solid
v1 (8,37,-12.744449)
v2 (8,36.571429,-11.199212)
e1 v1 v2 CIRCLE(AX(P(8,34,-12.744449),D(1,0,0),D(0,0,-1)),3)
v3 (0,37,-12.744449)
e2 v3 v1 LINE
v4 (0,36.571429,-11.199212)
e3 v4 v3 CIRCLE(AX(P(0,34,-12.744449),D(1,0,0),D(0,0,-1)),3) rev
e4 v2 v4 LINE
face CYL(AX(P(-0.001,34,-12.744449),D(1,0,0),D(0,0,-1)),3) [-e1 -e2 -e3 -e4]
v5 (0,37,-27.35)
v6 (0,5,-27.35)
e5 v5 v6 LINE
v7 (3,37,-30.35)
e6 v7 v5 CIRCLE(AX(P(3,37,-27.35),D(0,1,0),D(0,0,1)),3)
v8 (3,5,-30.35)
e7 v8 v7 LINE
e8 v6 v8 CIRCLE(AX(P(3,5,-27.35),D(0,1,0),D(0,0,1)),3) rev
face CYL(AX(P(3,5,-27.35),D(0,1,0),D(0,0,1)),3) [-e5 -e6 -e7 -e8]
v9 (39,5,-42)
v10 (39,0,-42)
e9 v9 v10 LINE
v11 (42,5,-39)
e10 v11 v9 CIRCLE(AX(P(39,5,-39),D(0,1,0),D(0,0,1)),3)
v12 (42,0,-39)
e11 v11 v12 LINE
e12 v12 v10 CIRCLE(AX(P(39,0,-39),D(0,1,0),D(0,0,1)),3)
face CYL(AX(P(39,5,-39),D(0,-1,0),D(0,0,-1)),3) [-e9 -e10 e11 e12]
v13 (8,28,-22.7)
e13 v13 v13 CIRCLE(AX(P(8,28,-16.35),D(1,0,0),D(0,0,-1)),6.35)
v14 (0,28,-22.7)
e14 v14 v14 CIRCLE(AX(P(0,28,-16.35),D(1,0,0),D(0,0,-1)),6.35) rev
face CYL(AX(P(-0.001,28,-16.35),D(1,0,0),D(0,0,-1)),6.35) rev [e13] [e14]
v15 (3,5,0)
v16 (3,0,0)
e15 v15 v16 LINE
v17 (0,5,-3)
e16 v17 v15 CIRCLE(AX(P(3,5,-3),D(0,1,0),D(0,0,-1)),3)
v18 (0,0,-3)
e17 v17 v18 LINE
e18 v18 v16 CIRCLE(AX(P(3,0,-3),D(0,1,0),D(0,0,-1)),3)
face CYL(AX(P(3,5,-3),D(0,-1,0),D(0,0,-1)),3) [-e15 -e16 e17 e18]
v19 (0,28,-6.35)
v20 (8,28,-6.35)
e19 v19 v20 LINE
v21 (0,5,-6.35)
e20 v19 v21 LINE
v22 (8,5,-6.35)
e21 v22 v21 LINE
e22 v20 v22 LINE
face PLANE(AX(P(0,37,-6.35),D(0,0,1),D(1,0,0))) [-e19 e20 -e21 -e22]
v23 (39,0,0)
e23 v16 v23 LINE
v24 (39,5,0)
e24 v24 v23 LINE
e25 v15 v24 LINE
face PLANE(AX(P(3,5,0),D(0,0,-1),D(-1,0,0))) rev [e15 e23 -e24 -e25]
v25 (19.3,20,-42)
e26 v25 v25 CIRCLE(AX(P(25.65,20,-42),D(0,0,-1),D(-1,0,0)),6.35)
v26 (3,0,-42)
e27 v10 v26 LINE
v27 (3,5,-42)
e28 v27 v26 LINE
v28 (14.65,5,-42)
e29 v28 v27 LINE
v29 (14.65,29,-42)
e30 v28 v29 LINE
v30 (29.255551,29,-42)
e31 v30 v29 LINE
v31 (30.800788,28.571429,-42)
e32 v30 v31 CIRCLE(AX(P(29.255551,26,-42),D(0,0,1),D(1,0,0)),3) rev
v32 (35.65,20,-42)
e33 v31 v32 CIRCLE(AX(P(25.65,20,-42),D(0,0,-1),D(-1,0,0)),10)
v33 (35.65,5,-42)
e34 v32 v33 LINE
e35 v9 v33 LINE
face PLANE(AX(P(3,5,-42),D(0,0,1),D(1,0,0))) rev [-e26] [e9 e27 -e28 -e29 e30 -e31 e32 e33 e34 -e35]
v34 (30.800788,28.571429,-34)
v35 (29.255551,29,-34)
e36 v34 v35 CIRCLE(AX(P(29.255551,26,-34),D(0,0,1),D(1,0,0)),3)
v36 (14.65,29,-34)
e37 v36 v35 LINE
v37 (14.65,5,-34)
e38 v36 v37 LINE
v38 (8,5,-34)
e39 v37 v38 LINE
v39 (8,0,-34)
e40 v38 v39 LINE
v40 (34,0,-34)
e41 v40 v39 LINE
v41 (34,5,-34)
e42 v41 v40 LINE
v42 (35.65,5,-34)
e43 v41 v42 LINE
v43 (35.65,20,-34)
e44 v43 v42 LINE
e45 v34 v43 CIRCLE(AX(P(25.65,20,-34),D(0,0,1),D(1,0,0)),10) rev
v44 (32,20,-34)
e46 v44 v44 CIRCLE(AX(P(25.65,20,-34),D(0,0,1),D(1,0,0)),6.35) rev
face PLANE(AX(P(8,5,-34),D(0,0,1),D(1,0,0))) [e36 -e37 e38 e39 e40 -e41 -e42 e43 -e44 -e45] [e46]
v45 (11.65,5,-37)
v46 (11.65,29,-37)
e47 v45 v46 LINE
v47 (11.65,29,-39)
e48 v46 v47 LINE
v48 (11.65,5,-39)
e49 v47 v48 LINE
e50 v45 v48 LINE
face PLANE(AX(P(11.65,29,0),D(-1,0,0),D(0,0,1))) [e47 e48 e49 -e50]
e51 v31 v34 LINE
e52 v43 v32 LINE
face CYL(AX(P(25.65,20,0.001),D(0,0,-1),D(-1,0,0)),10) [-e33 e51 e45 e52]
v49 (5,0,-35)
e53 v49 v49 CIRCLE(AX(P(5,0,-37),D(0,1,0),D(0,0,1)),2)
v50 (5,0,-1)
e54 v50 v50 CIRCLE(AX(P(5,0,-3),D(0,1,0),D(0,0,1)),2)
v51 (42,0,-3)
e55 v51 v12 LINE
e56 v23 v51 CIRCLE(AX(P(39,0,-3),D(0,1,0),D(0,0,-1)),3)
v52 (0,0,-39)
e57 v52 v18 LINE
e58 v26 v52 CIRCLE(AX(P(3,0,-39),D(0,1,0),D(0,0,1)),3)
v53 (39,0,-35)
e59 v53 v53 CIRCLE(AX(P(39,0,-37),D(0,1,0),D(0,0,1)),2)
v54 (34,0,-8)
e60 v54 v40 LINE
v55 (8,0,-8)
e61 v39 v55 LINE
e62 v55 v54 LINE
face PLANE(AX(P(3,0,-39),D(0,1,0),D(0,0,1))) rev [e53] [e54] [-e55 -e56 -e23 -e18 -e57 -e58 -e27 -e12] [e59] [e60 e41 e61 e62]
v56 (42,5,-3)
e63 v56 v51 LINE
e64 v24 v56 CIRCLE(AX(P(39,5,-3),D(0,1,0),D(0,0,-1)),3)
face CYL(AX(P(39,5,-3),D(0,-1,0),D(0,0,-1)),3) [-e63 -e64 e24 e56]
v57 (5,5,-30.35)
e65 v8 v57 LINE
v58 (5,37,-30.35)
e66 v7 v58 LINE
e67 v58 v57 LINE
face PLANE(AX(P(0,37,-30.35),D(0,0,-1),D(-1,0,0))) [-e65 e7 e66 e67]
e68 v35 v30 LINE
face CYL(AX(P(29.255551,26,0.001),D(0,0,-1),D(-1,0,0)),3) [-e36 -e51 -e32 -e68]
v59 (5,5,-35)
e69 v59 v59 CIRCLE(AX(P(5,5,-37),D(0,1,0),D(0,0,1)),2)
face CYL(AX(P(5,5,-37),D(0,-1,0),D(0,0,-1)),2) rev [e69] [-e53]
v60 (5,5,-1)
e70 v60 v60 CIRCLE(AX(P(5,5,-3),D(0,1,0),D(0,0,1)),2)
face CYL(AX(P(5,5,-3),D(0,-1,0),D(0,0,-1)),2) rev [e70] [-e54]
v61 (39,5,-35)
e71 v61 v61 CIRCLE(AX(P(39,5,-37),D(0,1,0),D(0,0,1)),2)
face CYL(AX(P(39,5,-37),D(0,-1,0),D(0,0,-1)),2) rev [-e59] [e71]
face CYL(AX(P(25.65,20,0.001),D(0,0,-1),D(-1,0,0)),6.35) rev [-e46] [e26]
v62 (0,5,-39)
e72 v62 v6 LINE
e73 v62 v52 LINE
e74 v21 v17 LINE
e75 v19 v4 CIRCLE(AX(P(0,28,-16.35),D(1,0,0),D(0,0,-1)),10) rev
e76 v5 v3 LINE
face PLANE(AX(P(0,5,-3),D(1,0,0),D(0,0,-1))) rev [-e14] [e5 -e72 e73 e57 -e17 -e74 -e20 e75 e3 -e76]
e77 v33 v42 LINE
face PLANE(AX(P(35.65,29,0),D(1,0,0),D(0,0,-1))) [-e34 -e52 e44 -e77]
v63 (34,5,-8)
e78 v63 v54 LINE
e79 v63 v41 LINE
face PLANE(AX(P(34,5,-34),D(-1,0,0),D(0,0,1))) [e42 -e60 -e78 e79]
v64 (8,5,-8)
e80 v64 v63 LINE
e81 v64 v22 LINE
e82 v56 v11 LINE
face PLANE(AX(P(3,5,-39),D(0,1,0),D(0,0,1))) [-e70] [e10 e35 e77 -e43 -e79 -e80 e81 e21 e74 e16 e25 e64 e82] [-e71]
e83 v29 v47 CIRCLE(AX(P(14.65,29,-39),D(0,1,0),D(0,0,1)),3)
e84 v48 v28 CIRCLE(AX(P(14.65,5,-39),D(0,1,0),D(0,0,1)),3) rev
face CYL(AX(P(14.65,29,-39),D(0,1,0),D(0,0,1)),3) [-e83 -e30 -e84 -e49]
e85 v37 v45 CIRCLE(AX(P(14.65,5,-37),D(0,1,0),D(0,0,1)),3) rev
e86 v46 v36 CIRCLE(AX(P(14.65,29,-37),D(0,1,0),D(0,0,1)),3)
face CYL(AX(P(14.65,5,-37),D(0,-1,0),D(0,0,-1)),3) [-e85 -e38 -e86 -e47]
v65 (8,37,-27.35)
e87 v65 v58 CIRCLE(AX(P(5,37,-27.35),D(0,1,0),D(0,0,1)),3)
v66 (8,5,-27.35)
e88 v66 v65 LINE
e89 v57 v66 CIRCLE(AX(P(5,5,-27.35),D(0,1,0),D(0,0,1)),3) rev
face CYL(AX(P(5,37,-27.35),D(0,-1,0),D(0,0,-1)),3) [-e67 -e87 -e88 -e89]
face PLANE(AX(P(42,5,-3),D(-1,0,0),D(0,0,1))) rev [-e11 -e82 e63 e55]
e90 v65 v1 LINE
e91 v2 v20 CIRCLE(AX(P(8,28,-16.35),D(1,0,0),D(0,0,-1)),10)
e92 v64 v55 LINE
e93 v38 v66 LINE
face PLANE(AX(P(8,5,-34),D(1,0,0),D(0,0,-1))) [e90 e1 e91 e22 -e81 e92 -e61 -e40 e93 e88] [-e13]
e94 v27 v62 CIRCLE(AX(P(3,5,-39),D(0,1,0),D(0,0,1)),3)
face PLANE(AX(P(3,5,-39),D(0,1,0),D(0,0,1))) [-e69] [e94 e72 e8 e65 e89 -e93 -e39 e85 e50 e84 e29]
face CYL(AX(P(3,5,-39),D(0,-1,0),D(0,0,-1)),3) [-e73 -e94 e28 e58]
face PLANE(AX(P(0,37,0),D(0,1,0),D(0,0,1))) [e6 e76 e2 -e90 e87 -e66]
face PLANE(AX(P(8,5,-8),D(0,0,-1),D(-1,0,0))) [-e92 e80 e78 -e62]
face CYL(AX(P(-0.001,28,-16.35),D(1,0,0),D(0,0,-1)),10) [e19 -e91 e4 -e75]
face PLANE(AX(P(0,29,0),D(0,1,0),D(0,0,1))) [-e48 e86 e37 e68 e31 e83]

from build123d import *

# Parameters (mm, degrees)
SKETCH_1_R          = 2
SKETCH_1_W          = 26
SKETCH_1_H          = 26
EXTRUDE_1_DEPTH     = 5
EXTRUDE_2_DEPTH     = 24
EXTRUDE_3_DEPTH     = 32
CUT_EXTRUDE_1_REACH = 71.979
SKETCH_3_R          = 6.35
CUT_EXTRUDE_2_REACH = 67.49
SKETCH_4_R          = 6.35
FILLET_2_R          = 3


with BuildPart() as part:
    # 草图1 → 凸台-拉伸1 (new body)
    with BuildSketch(Plane(origin=(0, 0, 0), x_dir=(1, 0, 0), z_dir=(0, 1, 0))):
        with BuildLine():
            Line((3, 0), (39, 0))
            ThreePointArc((39, 0), (41.121320344, 0.878679656), (42, 3))
            Line((42, 3), (42, 39))
            ThreePointArc((42, 39), (41.121320344, 41.121320344), (39, 42))
            Line((39, 42), (3, 42))
            ThreePointArc((3, 42), (0.878679656, 41.121320344), (0, 39))
            Line((0, 39), (0, 3))
            ThreePointArc((0, 3), (0.878679656, 0.878679656), (3, 0))
        make_face()
        with Locations((5, 37)):
            Circle(SKETCH_1_R, mode=Mode.SUBTRACT)
        with Locations((39, 37)):
            Circle(SKETCH_1_R, mode=Mode.SUBTRACT)
        with Locations((5, 3)):
            Circle(SKETCH_1_R, mode=Mode.SUBTRACT)
        with Locations((21, 21)):
            Rectangle(SKETCH_1_W, SKETCH_1_H, mode=Mode.SUBTRACT)
    extrude(amount=EXTRUDE_1_DEPTH)

    # 草图2 → 凸台-拉伸2 (add)
    with BuildSketch(Plane(origin=(0, 5, 0), x_dir=(1, 0, 0), z_dir=(0, 1, 0))):
        Polygon((35.65, 34), (35.65, 42), (11.65, 42), (11.65, 34), (34, 34), align=None)
    extrude(amount=EXTRUDE_2_DEPTH)

    # 草图2<3> → 凸台-拉伸3 (add)
    with BuildSketch(Plane(origin=(0, 5, 0), x_dir=(1, 0, 0), z_dir=(0, 1, 0))):
        Polygon((8, 30.35), (0, 30.35), (0, 6.35), (8, 6.35), (8, 8), align=None)
    extrude(amount=EXTRUDE_3_DEPTH)

    # 草图3 → 切除-拉伸1 (cut, up to next)
    with BuildSketch(Plane(origin=(0, 0, -42), x_dir=(-1, 0, 0), z_dir=(0, 0, -1)), mode=Mode.PRIVATE) as cut_extrude_1_sk1:
        with BuildLine():
            Line((-30.008898944, 29), (-35.65, 29))
            Line((-35.65, 29), (-35.65, 20))
            ThreePointArc((-35.65, 20), (-34.123163206, 25.310885546), (-30.008898944, 29))
        make_face()
    cut_extrude_1_tool1 = extrude(cut_extrude_1_sk1.sketch, amount=-CUT_EXTRUDE_1_REACH, mode=Mode.PRIVATE) & part.part
    # 草图3 → 切除-拉伸1 (cut, up to next)
    with BuildSketch(Plane(origin=(0, 0, -42), x_dir=(-1, 0, 0), z_dir=(0, 0, -1)), mode=Mode.PRIVATE) as cut_extrude_1_sk2:
        with Locations((-25.65, 20)):
            Circle(SKETCH_3_R)
    cut_extrude_1_tool2 = extrude(cut_extrude_1_sk2.sketch, amount=-CUT_EXTRUDE_1_REACH, mode=Mode.PRIVATE) & part.part
    add(cut_extrude_1_tool1.solids().sort_by_distance((34.089564, 26.895646, -42))[0], mode=Mode.SUBTRACT)
    add(cut_extrude_1_tool2.solids().sort_by_distance((25.65, 20, -42))[0], mode=Mode.SUBTRACT)

    # 草图4 → 切除-拉伸2 (cut, up to next)
    with BuildSketch(Plane(origin=(8, 0, 0), x_dir=(0, 0, -1), z_dir=(1, 0, 0)), mode=Mode.PRIVATE) as cut_extrude_2_sk1:
        with BuildLine():
            Line((11.991101056, 37), (6.35, 37))
            Line((6.35, 37), (6.35, 28))
            ThreePointArc((6.35, 28), (7.876836794, 33.310885546), (11.991101056, 37))
        make_face()
    cut_extrude_2_tool1 = extrude(cut_extrude_2_sk1.sketch, amount=-CUT_EXTRUDE_2_REACH, mode=Mode.PRIVATE) & part.part
    # 草图4 → 切除-拉伸2 (cut, up to next)
    with BuildSketch(Plane(origin=(8, 0, 0), x_dir=(0, 0, -1), z_dir=(1, 0, 0)), mode=Mode.PRIVATE) as cut_extrude_2_sk2:
        with Locations((16.35, 28)):
            Circle(SKETCH_4_R)
    cut_extrude_2_tool2 = extrude(cut_extrude_2_sk2.sketch, amount=-CUT_EXTRUDE_2_REACH, mode=Mode.PRIVATE) & part.part
    add(cut_extrude_2_tool1.solids().sort_by_distance((8, 34.895646, -7.910436))[0], mode=Mode.SUBTRACT)
    add(cut_extrude_2_tool2.solids().sort_by_distance((8, 28, -16.35))[0], mode=Mode.SUBTRACT)

    # 圆角2
    fillet_2_edges = [part.edges().sort_by_distance(p)[0] for p in [
        (30.008898944, 29, -38),
        (11.65, 17, -42),
        (11.65, 17, -34),
        (4, 37, -11.991101056),
        (0, 21, -30.35),
        (8, 21, -30.35),
    ]]
    fillet(fillet_2_edges, radius=FILLET_2_R)


solid = part.part
